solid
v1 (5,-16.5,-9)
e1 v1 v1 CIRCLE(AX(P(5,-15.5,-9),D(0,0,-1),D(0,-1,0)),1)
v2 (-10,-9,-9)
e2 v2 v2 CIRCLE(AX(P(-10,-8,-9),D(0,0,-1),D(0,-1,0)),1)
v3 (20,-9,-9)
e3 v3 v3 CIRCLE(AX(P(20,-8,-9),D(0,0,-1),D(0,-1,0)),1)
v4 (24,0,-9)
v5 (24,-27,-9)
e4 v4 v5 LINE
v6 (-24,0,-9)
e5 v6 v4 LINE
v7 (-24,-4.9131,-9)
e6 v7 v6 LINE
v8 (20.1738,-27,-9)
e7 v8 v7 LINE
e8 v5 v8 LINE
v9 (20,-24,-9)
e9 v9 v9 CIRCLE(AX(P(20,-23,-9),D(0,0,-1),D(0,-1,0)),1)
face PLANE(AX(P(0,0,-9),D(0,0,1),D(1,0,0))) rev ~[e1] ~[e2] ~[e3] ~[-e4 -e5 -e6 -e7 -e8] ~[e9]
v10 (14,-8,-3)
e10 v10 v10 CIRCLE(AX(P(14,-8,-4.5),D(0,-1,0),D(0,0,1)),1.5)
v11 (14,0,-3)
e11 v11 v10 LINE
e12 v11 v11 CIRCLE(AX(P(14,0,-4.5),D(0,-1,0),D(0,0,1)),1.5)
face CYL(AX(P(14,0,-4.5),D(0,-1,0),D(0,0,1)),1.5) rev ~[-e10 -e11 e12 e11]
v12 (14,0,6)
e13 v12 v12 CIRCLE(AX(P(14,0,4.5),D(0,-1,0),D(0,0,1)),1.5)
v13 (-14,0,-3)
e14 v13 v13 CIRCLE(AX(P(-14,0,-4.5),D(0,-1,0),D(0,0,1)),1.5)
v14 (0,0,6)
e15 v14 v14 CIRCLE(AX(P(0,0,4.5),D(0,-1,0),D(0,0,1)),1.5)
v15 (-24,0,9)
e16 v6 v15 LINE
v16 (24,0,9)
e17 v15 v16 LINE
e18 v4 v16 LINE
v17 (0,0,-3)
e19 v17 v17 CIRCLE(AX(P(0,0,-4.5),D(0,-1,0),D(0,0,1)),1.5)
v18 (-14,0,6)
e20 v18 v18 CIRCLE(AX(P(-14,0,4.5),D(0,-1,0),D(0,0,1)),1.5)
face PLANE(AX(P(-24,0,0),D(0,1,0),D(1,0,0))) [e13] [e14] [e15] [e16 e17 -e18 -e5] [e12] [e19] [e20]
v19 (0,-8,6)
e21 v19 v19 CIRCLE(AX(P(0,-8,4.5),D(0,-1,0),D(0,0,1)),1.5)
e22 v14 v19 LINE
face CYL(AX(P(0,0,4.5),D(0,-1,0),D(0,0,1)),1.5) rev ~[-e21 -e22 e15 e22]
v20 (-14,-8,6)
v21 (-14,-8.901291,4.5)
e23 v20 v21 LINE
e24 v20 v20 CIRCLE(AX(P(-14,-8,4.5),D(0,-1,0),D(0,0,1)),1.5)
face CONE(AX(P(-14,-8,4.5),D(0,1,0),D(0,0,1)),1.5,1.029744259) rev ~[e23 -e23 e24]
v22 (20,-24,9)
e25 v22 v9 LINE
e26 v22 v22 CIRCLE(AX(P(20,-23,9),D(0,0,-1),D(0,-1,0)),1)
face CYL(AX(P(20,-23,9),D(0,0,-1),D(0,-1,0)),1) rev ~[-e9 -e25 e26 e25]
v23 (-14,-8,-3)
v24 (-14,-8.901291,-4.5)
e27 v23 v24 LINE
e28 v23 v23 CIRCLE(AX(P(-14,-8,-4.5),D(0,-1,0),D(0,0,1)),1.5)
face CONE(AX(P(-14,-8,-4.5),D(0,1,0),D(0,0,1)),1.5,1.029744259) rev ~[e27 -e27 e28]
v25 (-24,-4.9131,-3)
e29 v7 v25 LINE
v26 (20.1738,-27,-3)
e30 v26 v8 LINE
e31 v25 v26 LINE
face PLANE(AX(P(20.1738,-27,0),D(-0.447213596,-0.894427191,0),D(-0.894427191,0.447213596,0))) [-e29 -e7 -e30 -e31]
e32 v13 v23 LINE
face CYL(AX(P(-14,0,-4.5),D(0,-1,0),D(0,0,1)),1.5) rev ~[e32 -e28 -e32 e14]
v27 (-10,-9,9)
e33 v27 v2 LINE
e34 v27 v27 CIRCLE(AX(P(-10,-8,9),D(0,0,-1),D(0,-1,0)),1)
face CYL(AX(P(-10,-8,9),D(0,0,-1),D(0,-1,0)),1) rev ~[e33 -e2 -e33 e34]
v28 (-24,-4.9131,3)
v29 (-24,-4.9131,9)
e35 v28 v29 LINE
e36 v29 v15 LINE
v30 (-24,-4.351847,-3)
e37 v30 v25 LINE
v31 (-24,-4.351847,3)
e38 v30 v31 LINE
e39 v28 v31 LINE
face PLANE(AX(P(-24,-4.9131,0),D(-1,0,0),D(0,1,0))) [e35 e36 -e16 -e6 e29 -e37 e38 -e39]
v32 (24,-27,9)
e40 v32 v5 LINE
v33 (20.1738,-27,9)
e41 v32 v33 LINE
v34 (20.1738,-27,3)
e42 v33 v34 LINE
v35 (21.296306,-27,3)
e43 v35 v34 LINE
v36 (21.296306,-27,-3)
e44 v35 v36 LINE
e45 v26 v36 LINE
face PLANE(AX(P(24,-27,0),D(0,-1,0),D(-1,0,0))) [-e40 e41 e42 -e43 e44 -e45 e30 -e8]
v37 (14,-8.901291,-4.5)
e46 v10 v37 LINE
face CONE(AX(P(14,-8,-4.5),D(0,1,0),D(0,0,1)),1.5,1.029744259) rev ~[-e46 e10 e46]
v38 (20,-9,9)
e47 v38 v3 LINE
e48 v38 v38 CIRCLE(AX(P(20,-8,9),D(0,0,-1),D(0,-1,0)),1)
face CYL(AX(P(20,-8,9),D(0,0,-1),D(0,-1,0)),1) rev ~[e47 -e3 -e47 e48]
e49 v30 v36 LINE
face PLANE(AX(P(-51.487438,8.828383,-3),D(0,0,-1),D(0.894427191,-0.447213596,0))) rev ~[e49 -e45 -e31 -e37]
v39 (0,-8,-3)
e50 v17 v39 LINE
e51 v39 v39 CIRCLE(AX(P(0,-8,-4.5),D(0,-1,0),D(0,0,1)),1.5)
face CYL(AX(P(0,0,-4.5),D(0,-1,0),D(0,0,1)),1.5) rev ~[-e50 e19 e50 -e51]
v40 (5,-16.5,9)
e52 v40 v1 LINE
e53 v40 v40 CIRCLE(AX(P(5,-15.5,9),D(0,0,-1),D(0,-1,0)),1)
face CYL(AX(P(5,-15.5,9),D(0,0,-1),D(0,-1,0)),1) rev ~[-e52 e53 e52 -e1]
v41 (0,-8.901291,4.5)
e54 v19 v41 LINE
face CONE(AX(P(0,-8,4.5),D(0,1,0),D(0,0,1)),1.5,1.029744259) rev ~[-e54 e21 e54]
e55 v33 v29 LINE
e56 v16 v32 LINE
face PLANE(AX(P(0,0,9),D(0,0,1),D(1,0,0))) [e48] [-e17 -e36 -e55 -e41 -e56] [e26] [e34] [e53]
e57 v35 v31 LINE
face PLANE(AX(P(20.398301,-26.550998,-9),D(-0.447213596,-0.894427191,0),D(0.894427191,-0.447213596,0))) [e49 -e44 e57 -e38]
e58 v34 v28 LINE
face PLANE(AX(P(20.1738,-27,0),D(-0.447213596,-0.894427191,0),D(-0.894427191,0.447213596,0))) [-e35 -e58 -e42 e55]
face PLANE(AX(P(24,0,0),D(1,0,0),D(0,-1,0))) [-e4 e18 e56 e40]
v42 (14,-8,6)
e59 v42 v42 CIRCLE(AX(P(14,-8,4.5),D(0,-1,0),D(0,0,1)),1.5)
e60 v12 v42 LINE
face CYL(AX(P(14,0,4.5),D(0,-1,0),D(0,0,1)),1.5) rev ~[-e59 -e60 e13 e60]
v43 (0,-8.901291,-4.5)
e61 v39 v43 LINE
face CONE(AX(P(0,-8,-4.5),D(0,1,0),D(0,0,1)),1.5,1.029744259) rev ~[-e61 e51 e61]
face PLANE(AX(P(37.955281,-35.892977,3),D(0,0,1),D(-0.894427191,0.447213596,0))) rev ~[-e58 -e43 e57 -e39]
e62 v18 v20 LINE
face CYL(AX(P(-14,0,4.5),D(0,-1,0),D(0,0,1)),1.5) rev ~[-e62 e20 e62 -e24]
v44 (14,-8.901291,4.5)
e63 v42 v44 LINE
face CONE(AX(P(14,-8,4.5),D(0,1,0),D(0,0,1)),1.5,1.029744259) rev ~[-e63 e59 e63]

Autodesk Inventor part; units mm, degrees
ref_plane "YZ Plane" through (0, 0, 0) normal (1, 0, 0) x (0, 1, 0)
ref_plane "XZ Plane" through (0, 0, 0) normal (0, 1, 0) x (-1, 0, 0)
sketch "Sketch2" plane through (0, 0, 0) normal (0, 0, 1) x (1, 0, 0)
  line L0 (20, -8) -> (-10, -8) construction
  line L1 (-10, -8) -> (-10, -23) construction
  line L2 (-10, -23) -> (20, -23) construction
  line L3 (20, -23) -> (20, -8) construction
  line L4 (20, -8) -> (-10, -23) construction
  line L5 (-10, -8) -> (20, -23) construction
  point P0 (5, -15.5)
  point P1 (5, -15.5)
  point P2 (0, 0)
  dimension "d2" = 30
  dimension "d3" = 15
  dimension "d4" = 5
  dimension "d5" = 8
sketch "Sketch3" plane through (0, 0, 0) normal (0, 0, 1) x (1, 0, 0)
  line L0 (24, 0) -> (24, -27)
  line L1 (24, -27) -> (20.1738, -27)
  line L2 (20.1738, -27) -> (-24, -4.9131)
  line L3 (-24, -4.9131) -> (-24, 0)
  line L4 (-24, 0) -> (24, 0)
  line L5 (20, -23) -> (-10, -8) construction
  point P0 (0, 0)
  point P1 (5, -15.5)
  point P2 (20, -8)
  dimension "d6" = 4
  dimension "d8" = 3.5
  dimension "d9" = 4
extrude "Extrusion1" add sketch "Sketch3" along normal mid plane 18
sketch "Sketch4" plane through (0, 0, 9) normal (0, 0, 1) x (1, 0, 0)
  point P0 (0, 0)
  point P1 (20, -23)
  point P2 (5, -15.5)
  point P3 (-10, -8)
  point P4 (20, -8)
hole "Hole1" at (20, -23, 9) at (5, -15.5, 9) at (-10, -8, 9) at (20, -8, 9) direction (0, 0, -1) diameter 2 end through all
ref_plane "Work Plane1" through (21.5154, -24.3167, -9) normal (-0.4472, -0.8944, 0) x (0.8944, -0.4472, 0)
sketch "Sketch9" plane through (20.1738, -27, -9) normal (-0.4472, -0.8944, 0) x (0.8944, -0.4472, 0)
  line L0 (19.8813, 12) -> (-80.1187, 12)
  line L1 (-80.1187, 12) -> (-80.1187, 6)
  line L2 (-80.1187, 6) -> (19.8813, 6)
  line L3 (19.8813, 6) -> (19.8813, 12)
  line L4 (19.8813, 12) -> (-80.1187, 6) construction
  line L5 (-80.1187, 12) -> (19.8813, 6) construction
  point P0 (-30.1187, 9)
  dimension "d54" = 6
  dimension "d55" = 100
extrude "Extrusion2" cut sketch "Sketch9" against normal blind 0.5
sketch "Sketch10" plane through (-24, 0, 9) normal (0, 1, 0) x (1, 0, 0)
  line L0 (24, 9) -> (42.9051, 9) construction
  point P0 (24, 13.5)
  point P1 (24, 4.5)
  point P2 (10, 13.5)
  point P3 (10, 4.5)
  point P4 (38, 4.5)
  point P5 (38, 13.5)
  dimension "d58" = 9
  dimension "d59" = 14
  dimension "d60" = 14
hole "Hole6" at (0, 0, -4.5) at (0, 0, 4.5) at (-14, 0, -4.5) at (-14, 0, 4.5) at (14, 0, 4.5) at (14, 0, -4.5) direction (0, -1, 0) diameter 3 depth 8 tip angle 118
properties part number "wrist adapter"
